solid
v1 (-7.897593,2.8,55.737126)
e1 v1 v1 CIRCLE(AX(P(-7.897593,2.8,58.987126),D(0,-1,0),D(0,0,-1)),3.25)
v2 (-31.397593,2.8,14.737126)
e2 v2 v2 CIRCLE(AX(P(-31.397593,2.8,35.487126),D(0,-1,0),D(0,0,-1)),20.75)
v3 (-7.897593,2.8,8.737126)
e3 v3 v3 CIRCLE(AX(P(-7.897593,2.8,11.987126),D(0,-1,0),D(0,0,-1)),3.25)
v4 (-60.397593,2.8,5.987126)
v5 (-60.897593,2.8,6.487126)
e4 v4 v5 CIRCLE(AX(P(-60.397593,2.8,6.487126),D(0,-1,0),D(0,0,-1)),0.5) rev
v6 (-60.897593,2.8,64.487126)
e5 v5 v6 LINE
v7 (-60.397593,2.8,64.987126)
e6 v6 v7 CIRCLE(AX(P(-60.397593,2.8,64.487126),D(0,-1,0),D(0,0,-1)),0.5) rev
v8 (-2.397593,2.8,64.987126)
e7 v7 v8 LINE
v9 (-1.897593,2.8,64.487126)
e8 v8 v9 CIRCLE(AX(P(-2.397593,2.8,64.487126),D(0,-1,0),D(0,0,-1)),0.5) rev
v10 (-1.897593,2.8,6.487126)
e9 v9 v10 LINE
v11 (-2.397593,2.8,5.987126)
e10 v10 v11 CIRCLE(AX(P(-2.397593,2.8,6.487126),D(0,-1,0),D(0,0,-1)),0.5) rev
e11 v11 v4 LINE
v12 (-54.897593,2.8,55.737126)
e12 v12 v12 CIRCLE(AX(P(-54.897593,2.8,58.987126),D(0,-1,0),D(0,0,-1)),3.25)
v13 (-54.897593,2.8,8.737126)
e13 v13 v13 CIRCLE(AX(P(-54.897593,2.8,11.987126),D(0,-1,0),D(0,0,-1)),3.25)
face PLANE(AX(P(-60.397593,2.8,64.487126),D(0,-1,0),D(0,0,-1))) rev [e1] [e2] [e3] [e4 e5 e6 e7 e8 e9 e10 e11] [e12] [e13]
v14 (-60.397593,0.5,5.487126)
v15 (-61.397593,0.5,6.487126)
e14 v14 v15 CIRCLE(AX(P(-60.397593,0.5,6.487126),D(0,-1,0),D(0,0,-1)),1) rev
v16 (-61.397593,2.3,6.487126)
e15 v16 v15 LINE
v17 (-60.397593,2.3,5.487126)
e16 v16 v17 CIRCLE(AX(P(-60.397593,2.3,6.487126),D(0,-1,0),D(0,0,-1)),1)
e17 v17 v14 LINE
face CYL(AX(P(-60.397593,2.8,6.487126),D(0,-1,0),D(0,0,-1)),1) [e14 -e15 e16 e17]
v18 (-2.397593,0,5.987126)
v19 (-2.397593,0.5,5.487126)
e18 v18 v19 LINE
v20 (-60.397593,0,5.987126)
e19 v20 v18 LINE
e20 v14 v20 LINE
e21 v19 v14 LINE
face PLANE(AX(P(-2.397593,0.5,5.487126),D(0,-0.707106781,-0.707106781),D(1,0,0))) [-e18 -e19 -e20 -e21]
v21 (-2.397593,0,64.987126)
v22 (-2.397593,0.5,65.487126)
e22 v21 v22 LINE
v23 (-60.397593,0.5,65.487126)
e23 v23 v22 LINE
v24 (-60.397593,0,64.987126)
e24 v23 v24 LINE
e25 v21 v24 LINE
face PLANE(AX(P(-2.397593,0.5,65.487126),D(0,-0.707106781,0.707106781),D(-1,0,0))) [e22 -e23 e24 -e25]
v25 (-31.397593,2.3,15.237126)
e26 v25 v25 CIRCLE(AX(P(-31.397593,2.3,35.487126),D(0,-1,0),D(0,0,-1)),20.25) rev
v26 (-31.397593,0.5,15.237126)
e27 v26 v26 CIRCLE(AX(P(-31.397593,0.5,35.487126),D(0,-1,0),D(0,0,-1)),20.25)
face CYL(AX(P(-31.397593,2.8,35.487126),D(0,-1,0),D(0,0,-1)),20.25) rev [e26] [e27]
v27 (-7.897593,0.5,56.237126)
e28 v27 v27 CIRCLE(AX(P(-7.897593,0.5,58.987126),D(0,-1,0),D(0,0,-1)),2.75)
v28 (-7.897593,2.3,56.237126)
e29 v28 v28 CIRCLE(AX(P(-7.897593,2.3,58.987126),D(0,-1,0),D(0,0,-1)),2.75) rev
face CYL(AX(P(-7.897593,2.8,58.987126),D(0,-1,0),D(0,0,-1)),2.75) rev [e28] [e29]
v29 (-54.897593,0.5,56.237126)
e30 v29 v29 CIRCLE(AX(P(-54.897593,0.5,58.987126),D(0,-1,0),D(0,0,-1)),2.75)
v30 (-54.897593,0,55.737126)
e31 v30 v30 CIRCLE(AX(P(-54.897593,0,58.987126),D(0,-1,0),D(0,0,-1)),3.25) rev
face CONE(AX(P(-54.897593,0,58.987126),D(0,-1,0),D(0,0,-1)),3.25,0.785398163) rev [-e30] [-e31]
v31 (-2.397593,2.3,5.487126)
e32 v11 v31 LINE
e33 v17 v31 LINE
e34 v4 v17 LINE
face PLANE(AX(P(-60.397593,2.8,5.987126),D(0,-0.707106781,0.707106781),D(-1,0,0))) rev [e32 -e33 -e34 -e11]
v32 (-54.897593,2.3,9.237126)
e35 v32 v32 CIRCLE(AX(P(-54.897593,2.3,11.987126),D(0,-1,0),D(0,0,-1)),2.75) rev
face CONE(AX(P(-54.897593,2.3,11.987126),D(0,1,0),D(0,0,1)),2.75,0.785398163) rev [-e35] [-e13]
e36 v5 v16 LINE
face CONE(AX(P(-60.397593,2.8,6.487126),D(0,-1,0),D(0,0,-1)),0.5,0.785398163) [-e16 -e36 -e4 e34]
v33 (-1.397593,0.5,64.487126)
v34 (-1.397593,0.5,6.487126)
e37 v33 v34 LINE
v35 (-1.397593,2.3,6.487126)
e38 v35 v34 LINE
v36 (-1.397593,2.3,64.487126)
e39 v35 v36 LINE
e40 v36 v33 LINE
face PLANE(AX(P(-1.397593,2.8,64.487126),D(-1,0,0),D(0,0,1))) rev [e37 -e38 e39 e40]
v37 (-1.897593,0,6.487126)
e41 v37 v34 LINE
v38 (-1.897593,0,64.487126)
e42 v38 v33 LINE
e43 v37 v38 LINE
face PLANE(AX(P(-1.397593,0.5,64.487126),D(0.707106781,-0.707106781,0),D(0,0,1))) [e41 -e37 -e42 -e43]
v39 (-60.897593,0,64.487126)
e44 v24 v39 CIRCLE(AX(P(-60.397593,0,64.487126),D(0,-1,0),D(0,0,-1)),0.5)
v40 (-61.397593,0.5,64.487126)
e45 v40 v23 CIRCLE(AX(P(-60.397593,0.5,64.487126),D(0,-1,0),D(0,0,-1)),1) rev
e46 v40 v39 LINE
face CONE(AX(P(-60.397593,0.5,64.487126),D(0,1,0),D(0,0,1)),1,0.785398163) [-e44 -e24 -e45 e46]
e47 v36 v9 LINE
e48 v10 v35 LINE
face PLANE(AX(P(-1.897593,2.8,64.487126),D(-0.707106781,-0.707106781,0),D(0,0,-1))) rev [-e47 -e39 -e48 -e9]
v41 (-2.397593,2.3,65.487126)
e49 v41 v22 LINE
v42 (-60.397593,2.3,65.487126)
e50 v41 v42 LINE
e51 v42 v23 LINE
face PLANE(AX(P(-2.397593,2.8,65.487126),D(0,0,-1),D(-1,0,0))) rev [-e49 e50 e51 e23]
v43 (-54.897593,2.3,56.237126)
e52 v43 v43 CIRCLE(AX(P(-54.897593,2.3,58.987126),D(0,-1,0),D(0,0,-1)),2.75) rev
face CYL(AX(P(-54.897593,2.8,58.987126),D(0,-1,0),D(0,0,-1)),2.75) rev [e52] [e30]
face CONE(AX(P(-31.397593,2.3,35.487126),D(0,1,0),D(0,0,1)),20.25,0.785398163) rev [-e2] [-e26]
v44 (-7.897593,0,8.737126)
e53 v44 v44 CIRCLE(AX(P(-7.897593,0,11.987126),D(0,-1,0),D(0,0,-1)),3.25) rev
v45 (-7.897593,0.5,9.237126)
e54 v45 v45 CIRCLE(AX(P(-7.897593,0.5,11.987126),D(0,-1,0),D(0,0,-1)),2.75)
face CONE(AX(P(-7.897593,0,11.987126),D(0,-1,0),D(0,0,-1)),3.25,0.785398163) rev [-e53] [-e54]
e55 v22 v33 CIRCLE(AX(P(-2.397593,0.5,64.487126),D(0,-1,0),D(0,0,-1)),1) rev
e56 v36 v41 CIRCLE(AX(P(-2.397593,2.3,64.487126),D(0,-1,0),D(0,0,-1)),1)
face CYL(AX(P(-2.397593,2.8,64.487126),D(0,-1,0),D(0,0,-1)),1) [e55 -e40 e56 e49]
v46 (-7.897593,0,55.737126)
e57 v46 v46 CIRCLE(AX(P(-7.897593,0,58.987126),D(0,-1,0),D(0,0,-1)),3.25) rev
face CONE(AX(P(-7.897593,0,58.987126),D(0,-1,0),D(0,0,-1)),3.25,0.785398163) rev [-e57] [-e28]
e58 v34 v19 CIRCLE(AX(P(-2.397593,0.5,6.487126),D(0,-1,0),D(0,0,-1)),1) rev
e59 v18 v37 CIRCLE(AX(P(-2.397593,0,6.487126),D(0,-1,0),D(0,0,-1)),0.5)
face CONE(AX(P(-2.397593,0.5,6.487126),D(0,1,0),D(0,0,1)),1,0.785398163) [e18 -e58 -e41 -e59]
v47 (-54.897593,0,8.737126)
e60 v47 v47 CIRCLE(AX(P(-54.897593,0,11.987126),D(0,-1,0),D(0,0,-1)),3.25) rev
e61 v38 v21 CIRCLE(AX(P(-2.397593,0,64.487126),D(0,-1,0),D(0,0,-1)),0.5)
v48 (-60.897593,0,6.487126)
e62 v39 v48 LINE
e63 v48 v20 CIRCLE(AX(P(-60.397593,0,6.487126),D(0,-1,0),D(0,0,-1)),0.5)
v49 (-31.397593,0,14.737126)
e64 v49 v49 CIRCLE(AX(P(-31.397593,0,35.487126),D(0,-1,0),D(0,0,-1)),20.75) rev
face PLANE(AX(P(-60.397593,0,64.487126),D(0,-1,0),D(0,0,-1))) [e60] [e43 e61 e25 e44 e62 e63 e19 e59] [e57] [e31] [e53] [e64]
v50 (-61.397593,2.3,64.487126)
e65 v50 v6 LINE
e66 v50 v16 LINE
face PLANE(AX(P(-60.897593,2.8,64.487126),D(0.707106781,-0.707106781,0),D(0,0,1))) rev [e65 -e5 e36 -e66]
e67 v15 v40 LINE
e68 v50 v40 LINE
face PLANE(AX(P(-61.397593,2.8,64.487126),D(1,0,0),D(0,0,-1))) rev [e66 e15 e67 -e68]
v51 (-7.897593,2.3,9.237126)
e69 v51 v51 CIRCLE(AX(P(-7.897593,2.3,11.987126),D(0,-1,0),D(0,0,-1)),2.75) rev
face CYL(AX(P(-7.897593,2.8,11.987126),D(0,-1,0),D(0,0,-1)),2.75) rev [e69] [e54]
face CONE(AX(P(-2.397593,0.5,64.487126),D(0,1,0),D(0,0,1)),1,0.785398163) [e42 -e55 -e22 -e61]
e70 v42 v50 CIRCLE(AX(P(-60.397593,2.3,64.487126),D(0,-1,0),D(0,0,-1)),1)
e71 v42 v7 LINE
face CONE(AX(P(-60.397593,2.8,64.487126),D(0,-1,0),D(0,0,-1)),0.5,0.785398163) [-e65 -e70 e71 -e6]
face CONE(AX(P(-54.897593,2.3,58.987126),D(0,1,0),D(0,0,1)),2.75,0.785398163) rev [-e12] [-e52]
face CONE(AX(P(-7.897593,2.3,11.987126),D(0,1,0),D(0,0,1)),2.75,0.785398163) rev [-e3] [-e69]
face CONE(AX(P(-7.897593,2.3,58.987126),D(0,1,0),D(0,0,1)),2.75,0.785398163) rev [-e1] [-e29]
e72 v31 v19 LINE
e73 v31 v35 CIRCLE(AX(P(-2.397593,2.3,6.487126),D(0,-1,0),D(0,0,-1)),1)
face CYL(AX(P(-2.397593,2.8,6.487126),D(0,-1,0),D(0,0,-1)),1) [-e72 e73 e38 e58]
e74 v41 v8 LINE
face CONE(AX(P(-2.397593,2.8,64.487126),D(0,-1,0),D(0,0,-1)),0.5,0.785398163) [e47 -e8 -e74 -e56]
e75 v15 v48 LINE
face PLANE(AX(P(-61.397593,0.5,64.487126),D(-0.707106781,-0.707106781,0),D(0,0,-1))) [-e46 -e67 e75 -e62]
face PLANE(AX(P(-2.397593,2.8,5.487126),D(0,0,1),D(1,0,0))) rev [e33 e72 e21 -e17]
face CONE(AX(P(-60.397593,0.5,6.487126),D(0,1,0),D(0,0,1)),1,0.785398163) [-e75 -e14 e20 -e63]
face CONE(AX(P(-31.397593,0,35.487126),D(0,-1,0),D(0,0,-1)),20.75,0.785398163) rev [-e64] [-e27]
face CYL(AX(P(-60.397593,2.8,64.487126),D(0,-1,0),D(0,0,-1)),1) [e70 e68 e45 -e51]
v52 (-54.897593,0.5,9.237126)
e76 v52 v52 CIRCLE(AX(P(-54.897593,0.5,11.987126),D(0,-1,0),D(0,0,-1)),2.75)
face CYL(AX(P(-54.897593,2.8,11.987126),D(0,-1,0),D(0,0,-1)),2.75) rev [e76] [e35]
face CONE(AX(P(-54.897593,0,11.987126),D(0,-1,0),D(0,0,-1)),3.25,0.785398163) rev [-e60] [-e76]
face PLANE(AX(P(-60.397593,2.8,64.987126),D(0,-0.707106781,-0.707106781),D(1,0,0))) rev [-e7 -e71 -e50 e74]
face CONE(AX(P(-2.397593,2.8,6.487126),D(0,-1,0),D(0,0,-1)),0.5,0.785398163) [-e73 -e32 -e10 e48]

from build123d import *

# Parameters (mm, degrees)
SKETCH1_R           = 20.25
SKETCH1_R_2         = 2.75
BOSS_EXTRUDE1_DEPTH = 2.8
CHAMFER1_SIZE       = 0.5


with BuildPart() as part:
    # Sketch1 → Boss-Extrude1 (new body)
    with BuildSketch(Plane(origin=(0, 0, 0), x_dir=(1, 0, 0), z_dir=(0, 1, 0))):
        with BuildLine():
            Line((-2.397592731, -65.487125506), (-60.397592731, -65.487125506))
            ThreePointArc((-60.397592731, -65.487125506), (-61.104699513, -65.194232288), (-61.397592731, -64.487125506))
            Line((-61.397592731, -64.487125506), (-61.397592731, -6.487125506))
            ThreePointArc((-61.397592731, -6.487125506), (-61.104699513, -5.780018725), (-60.397592731, -5.487125506))
            Line((-60.397592731, -5.487125506), (-2.397592731, -5.487125506))
            ThreePointArc((-2.397592731, -5.487125506), (-1.69048595, -5.780018725), (-1.397592731, -6.487125506))
            Line((-1.397592731, -6.487125506), (-1.397592731, -64.487125506))
            ThreePointArc((-1.397592731, -64.487125506), (-1.69048595, -65.194232288), (-2.397592731, -65.487125506))
        make_face()
        with Locations((-31.397592731, -35.487125506)):
            Circle(SKETCH1_R, mode=Mode.SUBTRACT)
        with Locations((-54.897592731, -11.987125506)):
            Circle(SKETCH1_R_2, mode=Mode.SUBTRACT)
        with Locations((-7.897592731, -11.987125506)):
            Circle(SKETCH1_R_2, mode=Mode.SUBTRACT)
        with Locations((-7.897592731, -58.987125506)):
            Circle(SKETCH1_R_2, mode=Mode.SUBTRACT)
        with Locations((-54.897592731, -58.987125506)):
            Circle(SKETCH1_R_2, mode=Mode.SUBTRACT)
    extrude(amount=BOSS_EXTRUDE1_DEPTH)

    # Chamfer1
    chamfer1_edges = [part.edges().sort_by_distance(p)[0] for p in [
        (-1.397592731, 0, 35.487125506),
        (-1.69048595, 0, 65.194232288),
        (-31.397592731, 0, 65.487125506),
        (-61.104699513, 0, 65.194232288),
        (-1.69048595, 2.8, 65.194232288),
        (-1.397592731, 2.8, 35.487125506),
        (-1.69048595, 2.8, 5.780018725),
        (-51.647592731, 0, 35.487125506),
        (-51.647592731, 2.8, 35.487125506),
        (-31.397592731, 2.8, 5.487125506),
        (-57.647592731, 0, 11.987125506),
        (-57.647592731, 2.8, 11.987125506),
        (-61.104699513, 2.8, 5.780018725),
        (-10.647592731, 0, 11.987125506),
        (-10.647592731, 2.8, 11.987125506),
        (-61.397592731, 2.8, 35.487125506),
        (-10.647592731, 0, 58.987125506),
        (-10.647592731, 2.8, 58.987125506),
        (-57.647592731, 0, 58.987125506),
        (-57.647592731, 2.8, 58.987125506),
        (-61.104699513, 2.8, 65.194232288),
        (-61.397592731, 0, 35.487125506),
        (-31.397592731, 2.8, 65.487125506),
        (-61.104699513, 0, 5.780018725),
        (-31.397592731, 0, 5.487125506),
        (-1.69048595, 0, 5.780018725),
    ]]
    chamfer(chamfer1_edges, length=CHAMFER1_SIZE)


solid = part.part
